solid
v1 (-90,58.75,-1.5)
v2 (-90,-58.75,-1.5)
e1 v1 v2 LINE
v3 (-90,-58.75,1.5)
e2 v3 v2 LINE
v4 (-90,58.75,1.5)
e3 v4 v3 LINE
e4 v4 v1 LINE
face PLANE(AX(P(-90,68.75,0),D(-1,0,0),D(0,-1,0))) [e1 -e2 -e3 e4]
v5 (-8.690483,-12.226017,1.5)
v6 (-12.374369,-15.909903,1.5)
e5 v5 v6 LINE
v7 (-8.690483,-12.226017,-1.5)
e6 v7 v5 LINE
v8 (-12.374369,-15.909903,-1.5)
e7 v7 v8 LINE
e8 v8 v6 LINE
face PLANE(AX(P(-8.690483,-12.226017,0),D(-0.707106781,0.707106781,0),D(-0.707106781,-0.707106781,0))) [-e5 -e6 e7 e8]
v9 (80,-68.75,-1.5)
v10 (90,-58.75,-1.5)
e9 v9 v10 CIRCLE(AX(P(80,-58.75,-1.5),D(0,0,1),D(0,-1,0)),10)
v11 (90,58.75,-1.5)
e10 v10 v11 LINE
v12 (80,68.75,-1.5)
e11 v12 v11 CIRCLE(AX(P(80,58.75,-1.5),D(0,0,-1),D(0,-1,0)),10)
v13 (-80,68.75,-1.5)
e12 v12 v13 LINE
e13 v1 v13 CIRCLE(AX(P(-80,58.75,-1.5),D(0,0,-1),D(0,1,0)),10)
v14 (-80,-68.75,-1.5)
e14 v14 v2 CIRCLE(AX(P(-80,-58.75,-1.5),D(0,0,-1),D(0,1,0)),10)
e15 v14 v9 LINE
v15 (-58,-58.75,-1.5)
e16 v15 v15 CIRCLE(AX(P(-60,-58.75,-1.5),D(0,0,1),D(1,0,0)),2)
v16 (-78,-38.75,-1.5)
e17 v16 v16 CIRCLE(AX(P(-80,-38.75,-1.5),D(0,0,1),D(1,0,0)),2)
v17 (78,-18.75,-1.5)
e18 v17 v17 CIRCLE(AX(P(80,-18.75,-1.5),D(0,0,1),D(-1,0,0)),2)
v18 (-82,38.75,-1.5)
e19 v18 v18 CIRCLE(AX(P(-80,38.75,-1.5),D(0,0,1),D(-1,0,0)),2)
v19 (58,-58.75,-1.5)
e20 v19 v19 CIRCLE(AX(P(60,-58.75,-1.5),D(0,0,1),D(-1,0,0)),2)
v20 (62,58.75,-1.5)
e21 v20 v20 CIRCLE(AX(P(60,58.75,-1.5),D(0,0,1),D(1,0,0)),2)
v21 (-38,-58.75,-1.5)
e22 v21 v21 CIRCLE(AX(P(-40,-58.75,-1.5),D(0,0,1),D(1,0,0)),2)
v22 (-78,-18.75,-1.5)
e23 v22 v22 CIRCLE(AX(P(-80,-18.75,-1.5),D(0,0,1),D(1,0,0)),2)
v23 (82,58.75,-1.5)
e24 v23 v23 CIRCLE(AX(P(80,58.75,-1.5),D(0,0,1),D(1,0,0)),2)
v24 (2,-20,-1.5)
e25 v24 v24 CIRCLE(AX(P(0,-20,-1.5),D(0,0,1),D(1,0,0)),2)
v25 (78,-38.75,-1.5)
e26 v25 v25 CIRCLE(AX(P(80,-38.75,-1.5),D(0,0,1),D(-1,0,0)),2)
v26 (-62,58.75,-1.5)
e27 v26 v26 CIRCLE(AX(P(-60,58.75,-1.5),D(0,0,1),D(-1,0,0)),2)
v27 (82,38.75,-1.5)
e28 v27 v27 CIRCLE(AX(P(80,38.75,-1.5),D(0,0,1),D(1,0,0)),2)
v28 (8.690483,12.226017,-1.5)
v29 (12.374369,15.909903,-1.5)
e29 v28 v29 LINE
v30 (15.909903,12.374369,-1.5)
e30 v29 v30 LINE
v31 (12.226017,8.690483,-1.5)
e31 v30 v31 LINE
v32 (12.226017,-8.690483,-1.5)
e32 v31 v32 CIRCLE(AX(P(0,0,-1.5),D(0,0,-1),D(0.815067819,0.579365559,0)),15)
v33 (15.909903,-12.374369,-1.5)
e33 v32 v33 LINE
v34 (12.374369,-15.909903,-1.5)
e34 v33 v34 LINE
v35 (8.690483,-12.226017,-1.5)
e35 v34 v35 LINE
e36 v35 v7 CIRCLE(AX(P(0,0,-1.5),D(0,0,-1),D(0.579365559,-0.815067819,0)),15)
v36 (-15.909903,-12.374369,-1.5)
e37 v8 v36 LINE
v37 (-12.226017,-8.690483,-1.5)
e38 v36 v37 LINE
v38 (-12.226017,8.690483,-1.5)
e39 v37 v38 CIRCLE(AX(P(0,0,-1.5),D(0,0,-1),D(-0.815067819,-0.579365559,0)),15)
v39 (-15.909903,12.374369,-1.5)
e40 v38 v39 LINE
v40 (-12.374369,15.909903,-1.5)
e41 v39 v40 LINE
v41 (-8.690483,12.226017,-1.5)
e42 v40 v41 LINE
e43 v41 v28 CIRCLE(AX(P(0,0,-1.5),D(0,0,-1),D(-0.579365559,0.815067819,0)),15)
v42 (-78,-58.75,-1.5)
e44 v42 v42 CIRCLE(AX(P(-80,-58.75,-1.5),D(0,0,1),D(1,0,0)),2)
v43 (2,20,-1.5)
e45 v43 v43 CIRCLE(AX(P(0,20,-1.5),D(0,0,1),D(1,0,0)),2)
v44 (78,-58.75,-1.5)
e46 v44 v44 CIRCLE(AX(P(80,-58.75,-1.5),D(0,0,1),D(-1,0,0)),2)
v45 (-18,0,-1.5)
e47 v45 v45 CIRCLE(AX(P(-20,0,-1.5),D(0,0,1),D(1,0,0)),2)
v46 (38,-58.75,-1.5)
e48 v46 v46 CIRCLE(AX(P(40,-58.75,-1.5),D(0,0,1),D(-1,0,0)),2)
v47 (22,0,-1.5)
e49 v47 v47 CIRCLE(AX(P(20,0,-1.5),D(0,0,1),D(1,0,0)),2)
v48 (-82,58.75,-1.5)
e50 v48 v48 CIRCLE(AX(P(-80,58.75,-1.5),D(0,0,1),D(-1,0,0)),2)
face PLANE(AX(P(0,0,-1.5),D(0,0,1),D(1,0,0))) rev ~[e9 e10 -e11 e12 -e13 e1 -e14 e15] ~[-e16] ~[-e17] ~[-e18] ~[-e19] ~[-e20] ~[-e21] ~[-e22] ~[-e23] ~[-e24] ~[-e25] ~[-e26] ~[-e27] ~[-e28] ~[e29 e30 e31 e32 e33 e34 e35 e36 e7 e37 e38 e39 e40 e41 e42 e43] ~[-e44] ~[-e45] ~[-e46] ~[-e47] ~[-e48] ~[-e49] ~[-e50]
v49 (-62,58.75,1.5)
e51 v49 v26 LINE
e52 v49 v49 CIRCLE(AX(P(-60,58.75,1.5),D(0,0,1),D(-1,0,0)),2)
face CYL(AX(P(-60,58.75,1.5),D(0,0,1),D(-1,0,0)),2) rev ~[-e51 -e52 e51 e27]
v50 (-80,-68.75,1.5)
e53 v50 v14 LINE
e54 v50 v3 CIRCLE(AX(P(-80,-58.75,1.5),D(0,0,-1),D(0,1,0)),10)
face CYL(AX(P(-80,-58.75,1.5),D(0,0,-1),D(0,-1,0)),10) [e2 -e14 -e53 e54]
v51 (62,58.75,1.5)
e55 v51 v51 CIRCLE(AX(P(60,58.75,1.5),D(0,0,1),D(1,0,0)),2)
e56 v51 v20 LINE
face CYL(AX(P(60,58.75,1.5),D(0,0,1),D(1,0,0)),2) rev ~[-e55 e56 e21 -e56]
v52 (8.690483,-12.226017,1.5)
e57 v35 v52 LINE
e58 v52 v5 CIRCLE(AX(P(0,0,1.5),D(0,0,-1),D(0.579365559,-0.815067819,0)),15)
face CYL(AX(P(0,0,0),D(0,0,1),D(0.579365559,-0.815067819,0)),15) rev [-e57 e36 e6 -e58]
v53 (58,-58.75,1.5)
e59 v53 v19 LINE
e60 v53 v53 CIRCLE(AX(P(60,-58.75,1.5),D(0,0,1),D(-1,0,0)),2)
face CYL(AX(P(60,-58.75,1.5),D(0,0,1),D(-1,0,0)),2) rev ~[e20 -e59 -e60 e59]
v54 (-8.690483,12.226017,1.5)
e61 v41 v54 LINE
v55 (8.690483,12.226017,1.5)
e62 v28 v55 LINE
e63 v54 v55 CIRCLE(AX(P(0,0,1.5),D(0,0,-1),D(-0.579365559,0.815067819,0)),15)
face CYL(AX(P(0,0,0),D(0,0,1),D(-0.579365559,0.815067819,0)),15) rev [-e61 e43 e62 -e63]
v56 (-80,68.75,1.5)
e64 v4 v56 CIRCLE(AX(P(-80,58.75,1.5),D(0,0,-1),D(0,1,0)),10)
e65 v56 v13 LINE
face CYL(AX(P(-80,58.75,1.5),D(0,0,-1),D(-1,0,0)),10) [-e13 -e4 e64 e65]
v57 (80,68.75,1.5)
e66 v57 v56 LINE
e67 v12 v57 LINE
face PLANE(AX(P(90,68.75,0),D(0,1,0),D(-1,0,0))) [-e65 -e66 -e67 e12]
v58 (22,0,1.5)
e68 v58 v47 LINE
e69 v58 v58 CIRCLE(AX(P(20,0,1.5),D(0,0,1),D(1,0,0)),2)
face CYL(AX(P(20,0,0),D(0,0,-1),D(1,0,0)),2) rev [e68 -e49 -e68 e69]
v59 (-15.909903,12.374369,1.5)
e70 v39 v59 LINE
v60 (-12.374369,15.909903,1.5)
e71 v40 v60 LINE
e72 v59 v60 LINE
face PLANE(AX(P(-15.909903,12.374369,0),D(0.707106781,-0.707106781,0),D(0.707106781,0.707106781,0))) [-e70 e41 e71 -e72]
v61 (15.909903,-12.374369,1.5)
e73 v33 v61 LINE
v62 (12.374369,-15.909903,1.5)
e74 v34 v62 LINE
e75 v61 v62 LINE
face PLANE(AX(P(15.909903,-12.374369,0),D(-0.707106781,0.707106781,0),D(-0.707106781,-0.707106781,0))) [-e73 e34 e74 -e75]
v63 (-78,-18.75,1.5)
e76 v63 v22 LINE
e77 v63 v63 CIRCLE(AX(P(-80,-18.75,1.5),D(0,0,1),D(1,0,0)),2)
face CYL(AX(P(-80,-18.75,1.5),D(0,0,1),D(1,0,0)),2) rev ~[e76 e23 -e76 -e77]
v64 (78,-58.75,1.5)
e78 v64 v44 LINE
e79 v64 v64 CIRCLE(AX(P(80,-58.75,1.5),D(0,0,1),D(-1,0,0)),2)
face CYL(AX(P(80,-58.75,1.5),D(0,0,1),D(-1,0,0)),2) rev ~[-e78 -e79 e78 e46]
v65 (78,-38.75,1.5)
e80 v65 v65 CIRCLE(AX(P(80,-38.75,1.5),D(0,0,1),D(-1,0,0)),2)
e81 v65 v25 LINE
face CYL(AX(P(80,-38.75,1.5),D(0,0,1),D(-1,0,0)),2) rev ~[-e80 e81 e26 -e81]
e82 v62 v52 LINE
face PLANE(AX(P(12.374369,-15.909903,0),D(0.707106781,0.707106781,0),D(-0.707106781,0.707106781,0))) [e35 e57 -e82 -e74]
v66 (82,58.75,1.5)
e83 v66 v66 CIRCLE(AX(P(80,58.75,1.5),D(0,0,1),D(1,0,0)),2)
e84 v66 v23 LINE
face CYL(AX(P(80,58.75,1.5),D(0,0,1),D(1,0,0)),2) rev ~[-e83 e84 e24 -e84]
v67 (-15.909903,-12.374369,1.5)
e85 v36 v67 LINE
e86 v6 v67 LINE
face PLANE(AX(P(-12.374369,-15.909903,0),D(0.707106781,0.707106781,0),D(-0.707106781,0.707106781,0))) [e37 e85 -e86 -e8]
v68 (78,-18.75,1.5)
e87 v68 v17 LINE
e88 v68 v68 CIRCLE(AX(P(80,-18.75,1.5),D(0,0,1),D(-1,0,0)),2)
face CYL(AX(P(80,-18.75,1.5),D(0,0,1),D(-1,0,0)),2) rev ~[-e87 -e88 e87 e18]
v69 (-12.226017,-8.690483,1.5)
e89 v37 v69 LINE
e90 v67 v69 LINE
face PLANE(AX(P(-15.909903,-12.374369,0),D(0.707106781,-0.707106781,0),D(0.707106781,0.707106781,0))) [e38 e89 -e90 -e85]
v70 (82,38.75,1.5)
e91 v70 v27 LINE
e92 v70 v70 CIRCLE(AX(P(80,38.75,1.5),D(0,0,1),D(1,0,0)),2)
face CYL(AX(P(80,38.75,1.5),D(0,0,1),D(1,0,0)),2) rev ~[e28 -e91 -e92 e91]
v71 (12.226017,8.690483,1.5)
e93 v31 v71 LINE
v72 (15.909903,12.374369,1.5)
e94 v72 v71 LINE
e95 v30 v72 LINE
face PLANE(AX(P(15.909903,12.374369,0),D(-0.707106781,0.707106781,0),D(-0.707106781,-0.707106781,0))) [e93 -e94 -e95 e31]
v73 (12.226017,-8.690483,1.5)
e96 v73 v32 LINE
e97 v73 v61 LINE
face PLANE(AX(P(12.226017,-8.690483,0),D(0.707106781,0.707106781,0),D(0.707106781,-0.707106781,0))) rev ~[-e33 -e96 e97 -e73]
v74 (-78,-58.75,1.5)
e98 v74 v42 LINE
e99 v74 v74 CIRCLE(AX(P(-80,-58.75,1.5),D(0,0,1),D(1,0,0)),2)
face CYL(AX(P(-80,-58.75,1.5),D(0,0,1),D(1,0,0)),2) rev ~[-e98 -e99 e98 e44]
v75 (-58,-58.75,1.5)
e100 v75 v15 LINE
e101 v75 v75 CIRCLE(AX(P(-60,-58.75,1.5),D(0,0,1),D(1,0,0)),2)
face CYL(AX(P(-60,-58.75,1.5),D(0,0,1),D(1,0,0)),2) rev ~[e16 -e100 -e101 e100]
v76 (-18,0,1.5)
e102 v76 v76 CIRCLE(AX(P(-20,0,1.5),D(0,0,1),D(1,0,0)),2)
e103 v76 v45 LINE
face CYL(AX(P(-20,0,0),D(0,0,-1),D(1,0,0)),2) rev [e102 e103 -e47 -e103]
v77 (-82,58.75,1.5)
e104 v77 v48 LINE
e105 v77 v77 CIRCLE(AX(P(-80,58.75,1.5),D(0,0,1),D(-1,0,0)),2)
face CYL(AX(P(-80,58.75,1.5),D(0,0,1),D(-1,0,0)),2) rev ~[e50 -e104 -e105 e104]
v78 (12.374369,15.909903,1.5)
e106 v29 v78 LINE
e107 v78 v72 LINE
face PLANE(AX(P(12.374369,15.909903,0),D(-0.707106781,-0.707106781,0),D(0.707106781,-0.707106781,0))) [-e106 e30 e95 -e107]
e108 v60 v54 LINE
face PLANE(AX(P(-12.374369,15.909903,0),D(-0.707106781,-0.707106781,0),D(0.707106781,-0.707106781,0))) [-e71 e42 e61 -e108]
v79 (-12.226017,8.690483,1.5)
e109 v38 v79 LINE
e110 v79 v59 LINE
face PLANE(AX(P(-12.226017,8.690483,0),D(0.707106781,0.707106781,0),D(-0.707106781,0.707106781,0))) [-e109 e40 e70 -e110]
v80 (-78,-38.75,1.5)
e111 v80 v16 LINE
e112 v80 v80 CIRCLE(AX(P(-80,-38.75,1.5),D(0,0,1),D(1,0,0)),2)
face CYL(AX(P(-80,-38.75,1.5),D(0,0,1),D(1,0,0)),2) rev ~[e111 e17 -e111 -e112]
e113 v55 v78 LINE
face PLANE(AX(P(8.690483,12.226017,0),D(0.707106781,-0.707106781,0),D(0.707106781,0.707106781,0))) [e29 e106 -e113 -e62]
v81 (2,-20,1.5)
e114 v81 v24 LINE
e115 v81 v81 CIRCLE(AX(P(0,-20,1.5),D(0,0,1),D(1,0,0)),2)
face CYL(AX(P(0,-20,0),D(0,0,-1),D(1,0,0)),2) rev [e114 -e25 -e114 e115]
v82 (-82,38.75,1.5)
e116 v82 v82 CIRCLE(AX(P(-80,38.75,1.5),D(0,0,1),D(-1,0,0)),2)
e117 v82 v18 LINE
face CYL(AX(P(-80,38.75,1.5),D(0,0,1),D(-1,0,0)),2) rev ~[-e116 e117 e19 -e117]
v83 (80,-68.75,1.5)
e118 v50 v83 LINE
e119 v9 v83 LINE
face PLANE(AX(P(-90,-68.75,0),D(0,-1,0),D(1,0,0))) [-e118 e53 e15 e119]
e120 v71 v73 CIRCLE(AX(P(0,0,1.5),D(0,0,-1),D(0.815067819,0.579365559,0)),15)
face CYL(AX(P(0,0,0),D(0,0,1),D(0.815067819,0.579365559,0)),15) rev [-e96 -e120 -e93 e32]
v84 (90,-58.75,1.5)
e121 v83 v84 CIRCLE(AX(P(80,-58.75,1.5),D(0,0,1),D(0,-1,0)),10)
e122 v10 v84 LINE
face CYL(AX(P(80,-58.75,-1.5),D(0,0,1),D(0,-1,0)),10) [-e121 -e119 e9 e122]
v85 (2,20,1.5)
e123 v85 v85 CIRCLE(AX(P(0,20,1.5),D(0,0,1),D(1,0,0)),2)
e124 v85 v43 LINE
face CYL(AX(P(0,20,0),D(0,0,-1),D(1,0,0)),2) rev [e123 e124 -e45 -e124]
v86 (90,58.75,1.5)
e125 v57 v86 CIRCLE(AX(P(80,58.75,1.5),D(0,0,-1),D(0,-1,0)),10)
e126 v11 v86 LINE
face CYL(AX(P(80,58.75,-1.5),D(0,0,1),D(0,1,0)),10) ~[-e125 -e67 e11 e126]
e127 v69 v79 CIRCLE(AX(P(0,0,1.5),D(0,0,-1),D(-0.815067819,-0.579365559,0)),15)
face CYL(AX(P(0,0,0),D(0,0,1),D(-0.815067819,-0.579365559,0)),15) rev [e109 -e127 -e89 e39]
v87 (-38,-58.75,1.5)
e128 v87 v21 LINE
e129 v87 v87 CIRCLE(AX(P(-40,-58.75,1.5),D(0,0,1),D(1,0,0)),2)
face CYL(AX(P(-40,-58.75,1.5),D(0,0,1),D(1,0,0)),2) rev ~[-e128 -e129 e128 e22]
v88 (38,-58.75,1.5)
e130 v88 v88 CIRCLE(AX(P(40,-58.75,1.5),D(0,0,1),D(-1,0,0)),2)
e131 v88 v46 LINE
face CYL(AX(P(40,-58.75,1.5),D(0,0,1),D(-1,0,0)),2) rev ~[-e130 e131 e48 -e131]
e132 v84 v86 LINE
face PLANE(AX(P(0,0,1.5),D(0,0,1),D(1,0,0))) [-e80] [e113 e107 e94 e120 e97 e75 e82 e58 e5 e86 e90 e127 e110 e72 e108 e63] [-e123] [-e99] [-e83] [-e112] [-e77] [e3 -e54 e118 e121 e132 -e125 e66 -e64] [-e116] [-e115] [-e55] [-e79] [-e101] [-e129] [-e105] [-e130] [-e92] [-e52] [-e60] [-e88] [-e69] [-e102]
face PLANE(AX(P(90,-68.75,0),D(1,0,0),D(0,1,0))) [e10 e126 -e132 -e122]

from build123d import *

# Parameters (mm, degrees)
SKETCH_1_R          = 2.0000000000000013
SKETCH_1_R_2        = 2.000000000000003
SKETCH_1_R_3        = 1.9999999999999987
EXTRUDE_1_DEPTH     = 1.5
FILLET_1_R          = 10
SKETCH_3_R          = 1.9999999999999967
SKETCH_3_R_2        = 2.0000000000000036
CUT_EXTRUDE_4_DEPTH = 114.29414150784675


with BuildPart() as part:
    # 草图1 → 凸台-拉伸1 (new, symmetric)
    with BuildSketch(Plane.XY):
        Polygon((-90, -68.75000000000003), (90, -68.75), (90, 68.75), (-90, 68.74999999999997), align=None)
        with Locations((-1.22e-15, -20)):
            Circle(SKETCH_1_R, mode=Mode.SUBTRACT)
        with Locations((-20, 0)):
            Circle(SKETCH_1_R_2, mode=Mode.SUBTRACT)
        with BuildLine():
            Line((-15.909902576697288, 12.374368670764625), (-12.374368670764548, 15.909902576697364))
            Line((-12.374368670764548, 15.909902576697364), (-8.690483378709542, 12.226017284642358))
            ThreePointArc((-8.690483378709553, 12.226017284642344), (5.421e-14, 15.000000000000014), (8.690483378709638, 12.226017284642284))
            Line((8.69048337870963, 12.226017284642296), (12.374368670764623, 15.909902576697288))
            Line((12.374368670764623, 15.909902576697288), (15.909902576697364, 12.37436867076455))
            Line((15.909902576697364, 12.37436867076455), (12.226017284642353, 8.690483378709539))
            ThreePointArc((12.226017284642342, 8.690483378709551), (14.289686127932187, 4.561235618248917), (15, 1.388e-14))
            ThreePointArc((15, 1.02e-14), (14.289686127932162, -4.561235618248962), (12.226017284642253, -8.690483378709645))
            Line((12.226017284642284, -8.690483378709619), (15.909902576697288, -12.374368670764623))
            Line((15.909902576697288, -12.374368670764623), (12.37436867076455, -15.909902576697364))
            Line((12.37436867076455, -15.909902576697364), (8.690483378709526, -12.22601728464234))
            ThreePointArc((8.690483378709535, -12.226017284642328), (-5.605e-14, -14.999999999999986), (-8.690483378709638, -12.226017284642255))
            Line((-8.690483378709613, -12.226017284642284), (-12.374368670764621, -15.909902576697291))
            Line((-12.374368670764621, -15.909902576697291), (-15.90990257669736, -12.374368670764552))
            Line((-15.90990257669736, -12.374368670764552), (-12.22601728464234, -8.69048337870953))
            ThreePointArc((-12.226017284642326, -8.690483378709544), (-15, 5.568e-14), (-12.226017284642273, 8.690483378709645))
            Line((-12.226017284642293, 8.69048337870963), (-15.909902576697288, 12.374368670764625))
        make_face(mode=Mode.SUBTRACT)
        with Locations((20, 2.45e-15)):
            Circle(SKETCH_1_R_2, mode=Mode.SUBTRACT)
        with Locations((-1.22e-15, 20)):
            Circle(SKETCH_1_R_3, mode=Mode.SUBTRACT)
    extrude(amount=EXTRUDE_1_DEPTH, both=True)

    # 圆角1
    fillet_1_edges = [part.edges().sort_by_distance(p)[0] for p in [
        (-90, 68.74999999999997, 0),
        (90, 68.75, 0),
        (90, -68.75, 0),
        (-90, -68.75000000000003, 0),
    ]]
    fillet(fillet_1_edges, radius=FILLET_1_R)

    # 草图3 → 切除-拉伸4 (cut, through all)
    with BuildSketch(Plane.XY.offset(1.5)):
        with Locations((-80, -58.75000000000001)):
            Circle(SKETCH_3_R)
        with Locations((-60, -58.75000000000001)):
            Circle(SKETCH_3_R)
        with Locations((-80.00000000000001, -38.75000000000001)):
            Circle(SKETCH_3_R)
        with Locations((-39.99999999999999, -58.75000000000001)):
            Circle(SKETCH_3_R_2)
        with Locations((-80.00000000000001, -18.750000000000007)):
            Circle(SKETCH_3_R)
        with Locations(Location((80.00000000000004, -38.749999999999986, 0), (0, 0, 180))):
            Circle(SKETCH_3_R)
        with Locations(Location((60.00000000000004, -58.75, 0), (0, 0, 180))):
            Circle(SKETCH_3_R)
        with Locations(Location((80.00000000000003, -58.749999999999986, 0), (0, 0, 180))):
            Circle(SKETCH_3_R)
        with Locations((80.00000000000003, 58.749999999999986)):
            Circle(SKETCH_3_R)
        with Locations((60.00000000000004, 58.75)):
            Circle(SKETCH_3_R)
        with Locations((80.00000000000004, 38.749999999999986)):
            Circle(SKETCH_3_R)
        with Locations(Location((-80.00000000000001, 38.75000000000001, 0), (0, 0, 180))):
            Circle(SKETCH_3_R)
        with Locations(Location((-60, 58.75000000000001, 0), (0, 0, 180))):
            Circle(SKETCH_3_R)
        with Locations(Location((-80, 58.75000000000001, 0), (0, 0, 180))):
            Circle(SKETCH_3_R)
        with Locations(Location((39.99999999999999, -58.75000000000001, 0), (0, 0, 180))):
            Circle(SKETCH_3_R_2)
        with Locations(Location((80.00000000000001, -18.750000000000007, 0), (0, 0, 180))):
            Circle(SKETCH_3_R)
    extrude(amount=-CUT_EXTRUDE_4_DEPTH, mode=Mode.SUBTRACT)


solid = part.part
